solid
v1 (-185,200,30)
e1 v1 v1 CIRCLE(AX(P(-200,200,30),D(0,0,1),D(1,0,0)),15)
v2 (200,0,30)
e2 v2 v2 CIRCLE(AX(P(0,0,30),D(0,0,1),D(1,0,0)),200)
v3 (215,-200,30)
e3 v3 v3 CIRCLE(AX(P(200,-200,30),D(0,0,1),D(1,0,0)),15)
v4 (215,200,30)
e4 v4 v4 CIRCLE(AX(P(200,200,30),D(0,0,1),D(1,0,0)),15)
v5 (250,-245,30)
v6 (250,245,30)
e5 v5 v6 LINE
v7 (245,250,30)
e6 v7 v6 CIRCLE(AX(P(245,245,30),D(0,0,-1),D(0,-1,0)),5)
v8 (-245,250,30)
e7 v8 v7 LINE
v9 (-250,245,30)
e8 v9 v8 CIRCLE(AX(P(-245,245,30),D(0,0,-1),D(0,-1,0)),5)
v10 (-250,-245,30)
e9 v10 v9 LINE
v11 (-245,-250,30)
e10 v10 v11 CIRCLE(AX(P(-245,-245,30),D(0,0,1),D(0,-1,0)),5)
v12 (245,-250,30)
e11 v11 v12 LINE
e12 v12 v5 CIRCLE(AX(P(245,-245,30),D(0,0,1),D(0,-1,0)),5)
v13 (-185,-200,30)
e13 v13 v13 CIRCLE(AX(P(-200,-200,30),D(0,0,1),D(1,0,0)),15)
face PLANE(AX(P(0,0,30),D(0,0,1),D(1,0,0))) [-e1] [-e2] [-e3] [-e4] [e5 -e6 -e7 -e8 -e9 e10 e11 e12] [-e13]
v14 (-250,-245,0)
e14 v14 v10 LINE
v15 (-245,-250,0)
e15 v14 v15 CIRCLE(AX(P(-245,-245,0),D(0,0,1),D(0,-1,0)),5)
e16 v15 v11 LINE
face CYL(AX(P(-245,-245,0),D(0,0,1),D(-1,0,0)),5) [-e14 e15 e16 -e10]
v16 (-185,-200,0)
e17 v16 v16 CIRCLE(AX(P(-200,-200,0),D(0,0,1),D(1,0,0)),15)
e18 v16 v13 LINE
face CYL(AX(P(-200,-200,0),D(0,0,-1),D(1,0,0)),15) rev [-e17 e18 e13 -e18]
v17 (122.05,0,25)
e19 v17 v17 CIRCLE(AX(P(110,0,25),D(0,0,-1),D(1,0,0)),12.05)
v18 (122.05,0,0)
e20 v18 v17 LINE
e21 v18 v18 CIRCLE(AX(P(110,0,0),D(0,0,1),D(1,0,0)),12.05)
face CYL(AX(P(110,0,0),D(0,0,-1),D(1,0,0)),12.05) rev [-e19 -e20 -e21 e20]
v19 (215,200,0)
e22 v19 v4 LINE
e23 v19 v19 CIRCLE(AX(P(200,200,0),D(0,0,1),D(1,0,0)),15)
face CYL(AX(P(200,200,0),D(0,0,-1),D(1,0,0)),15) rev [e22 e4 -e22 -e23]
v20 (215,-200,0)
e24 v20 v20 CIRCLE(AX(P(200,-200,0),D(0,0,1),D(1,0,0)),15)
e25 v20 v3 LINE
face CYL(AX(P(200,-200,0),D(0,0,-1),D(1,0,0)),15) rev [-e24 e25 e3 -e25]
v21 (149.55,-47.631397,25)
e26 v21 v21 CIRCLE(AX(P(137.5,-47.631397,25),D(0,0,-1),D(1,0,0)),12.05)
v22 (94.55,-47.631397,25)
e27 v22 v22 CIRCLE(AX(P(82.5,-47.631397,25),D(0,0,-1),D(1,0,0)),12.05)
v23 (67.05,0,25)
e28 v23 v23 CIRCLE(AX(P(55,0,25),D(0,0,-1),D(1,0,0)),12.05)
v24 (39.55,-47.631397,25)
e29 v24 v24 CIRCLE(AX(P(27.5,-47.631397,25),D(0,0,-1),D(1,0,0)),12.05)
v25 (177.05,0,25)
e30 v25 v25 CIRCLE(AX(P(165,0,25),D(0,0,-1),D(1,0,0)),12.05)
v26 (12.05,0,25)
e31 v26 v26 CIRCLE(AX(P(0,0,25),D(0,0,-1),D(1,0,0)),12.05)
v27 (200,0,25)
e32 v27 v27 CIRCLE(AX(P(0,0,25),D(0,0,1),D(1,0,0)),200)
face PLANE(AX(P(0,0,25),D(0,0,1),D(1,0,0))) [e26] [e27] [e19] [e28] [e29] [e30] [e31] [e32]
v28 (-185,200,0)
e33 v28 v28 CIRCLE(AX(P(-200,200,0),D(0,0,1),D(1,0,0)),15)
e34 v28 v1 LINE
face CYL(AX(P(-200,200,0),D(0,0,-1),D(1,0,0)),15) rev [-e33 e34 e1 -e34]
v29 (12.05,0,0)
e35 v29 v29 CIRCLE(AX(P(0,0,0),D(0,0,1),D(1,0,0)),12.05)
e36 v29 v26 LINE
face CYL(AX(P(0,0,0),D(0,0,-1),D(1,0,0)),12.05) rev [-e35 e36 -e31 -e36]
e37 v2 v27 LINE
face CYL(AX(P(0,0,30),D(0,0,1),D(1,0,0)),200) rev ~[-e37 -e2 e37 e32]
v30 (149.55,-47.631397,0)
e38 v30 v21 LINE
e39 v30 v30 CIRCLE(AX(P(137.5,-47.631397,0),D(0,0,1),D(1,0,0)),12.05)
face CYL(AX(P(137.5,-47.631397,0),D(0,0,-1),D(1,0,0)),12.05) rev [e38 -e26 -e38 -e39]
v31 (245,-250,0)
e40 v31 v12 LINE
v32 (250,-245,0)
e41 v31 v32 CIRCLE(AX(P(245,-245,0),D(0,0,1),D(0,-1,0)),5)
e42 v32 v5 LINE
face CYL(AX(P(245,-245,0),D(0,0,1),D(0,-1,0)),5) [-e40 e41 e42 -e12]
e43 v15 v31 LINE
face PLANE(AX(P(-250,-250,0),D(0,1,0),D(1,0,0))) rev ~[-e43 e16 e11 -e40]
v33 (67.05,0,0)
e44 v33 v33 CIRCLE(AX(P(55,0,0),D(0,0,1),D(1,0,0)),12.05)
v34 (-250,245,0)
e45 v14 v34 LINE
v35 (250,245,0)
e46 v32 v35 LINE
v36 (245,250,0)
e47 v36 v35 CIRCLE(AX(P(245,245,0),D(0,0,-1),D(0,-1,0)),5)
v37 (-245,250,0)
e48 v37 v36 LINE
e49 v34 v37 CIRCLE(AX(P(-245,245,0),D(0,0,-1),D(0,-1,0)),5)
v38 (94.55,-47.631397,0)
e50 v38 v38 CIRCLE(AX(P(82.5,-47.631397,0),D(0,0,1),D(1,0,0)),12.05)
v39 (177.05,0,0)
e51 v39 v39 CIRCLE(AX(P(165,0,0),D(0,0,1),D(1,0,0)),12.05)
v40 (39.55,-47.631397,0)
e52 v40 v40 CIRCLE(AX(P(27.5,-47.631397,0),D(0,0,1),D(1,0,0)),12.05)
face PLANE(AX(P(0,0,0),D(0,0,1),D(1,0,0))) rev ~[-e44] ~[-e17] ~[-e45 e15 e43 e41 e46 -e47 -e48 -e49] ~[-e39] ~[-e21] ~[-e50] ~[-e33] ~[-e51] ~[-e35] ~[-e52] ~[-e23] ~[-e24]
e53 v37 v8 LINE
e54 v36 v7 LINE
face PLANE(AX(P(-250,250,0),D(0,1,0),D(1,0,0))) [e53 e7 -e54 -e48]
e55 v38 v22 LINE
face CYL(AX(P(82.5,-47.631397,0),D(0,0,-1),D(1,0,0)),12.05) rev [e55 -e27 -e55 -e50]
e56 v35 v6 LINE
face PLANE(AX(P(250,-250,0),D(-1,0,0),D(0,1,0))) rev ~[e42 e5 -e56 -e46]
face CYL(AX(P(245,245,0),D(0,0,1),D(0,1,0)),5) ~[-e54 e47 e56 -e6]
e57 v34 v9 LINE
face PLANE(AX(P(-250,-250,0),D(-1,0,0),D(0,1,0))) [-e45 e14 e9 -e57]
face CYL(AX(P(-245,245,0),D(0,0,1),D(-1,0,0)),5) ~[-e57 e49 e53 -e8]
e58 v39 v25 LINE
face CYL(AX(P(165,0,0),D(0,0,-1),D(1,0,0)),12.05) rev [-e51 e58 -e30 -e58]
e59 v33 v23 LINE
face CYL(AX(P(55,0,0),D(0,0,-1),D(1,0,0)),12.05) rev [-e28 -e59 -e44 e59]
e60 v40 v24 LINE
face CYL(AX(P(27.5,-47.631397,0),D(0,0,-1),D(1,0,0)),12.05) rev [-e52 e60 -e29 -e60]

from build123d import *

# Parameters (mm, degrees)
F0_W     = 500
F0_H     = 500
F0_R     = 15
F0_R_2   = 12.05
F1_DEPTH = 30
F2_R     = 5
F3_R     = 200
F4_DEPTH = 5


with BuildPart() as f1:
    # F0 (on Top) → F1 (new body)
    with BuildSketch(Plane.XY):
        Rectangle(F0_W, F0_H)
        with Locations((-200, -200)):
            Circle(F0_R, mode=Mode.SUBTRACT)
        with Locations((200, -200)):
            Circle(F0_R, mode=Mode.SUBTRACT)
        with Locations((27.5, -47.631397)):
            Circle(F0_R_2, mode=Mode.SUBTRACT)
        with Locations((82.5, -47.631397)):
            Circle(F0_R_2, mode=Mode.SUBTRACT)
        with Locations((137.5, -47.631397)):
            Circle(F0_R_2, mode=Mode.SUBTRACT)
        with Locations((-200, 200)):
            Circle(F0_R, mode=Mode.SUBTRACT)
        Circle(F0_R_2, mode=Mode.SUBTRACT)
        with Locations((55, 0)):
            Circle(F0_R_2, mode=Mode.SUBTRACT)
        with Locations((110, 0)):
            Circle(F0_R_2, mode=Mode.SUBTRACT)
        with Locations((165, 0)):
            Circle(F0_R_2, mode=Mode.SUBTRACT)
        with Locations((200, 200)):
            Circle(F0_R, mode=Mode.SUBTRACT)
    extrude(amount=F1_DEPTH)

    # F2
    f2_edges = [f1.edges().sort_by_distance(p)[0] for p in [
        (-250, -250, 15),
        (250, -250, 15),
        (250, 250, 15),
        (-250, 250, 15),
    ]]
    fillet(f2_edges, radius=F2_R)

    # F3 (on face) → F4 (cut)
    with BuildSketch(Plane.XY.offset(30)):
        Circle(F3_R)
    extrude(amount=-F4_DEPTH, mode=Mode.SUBTRACT)


solid = f1.part
